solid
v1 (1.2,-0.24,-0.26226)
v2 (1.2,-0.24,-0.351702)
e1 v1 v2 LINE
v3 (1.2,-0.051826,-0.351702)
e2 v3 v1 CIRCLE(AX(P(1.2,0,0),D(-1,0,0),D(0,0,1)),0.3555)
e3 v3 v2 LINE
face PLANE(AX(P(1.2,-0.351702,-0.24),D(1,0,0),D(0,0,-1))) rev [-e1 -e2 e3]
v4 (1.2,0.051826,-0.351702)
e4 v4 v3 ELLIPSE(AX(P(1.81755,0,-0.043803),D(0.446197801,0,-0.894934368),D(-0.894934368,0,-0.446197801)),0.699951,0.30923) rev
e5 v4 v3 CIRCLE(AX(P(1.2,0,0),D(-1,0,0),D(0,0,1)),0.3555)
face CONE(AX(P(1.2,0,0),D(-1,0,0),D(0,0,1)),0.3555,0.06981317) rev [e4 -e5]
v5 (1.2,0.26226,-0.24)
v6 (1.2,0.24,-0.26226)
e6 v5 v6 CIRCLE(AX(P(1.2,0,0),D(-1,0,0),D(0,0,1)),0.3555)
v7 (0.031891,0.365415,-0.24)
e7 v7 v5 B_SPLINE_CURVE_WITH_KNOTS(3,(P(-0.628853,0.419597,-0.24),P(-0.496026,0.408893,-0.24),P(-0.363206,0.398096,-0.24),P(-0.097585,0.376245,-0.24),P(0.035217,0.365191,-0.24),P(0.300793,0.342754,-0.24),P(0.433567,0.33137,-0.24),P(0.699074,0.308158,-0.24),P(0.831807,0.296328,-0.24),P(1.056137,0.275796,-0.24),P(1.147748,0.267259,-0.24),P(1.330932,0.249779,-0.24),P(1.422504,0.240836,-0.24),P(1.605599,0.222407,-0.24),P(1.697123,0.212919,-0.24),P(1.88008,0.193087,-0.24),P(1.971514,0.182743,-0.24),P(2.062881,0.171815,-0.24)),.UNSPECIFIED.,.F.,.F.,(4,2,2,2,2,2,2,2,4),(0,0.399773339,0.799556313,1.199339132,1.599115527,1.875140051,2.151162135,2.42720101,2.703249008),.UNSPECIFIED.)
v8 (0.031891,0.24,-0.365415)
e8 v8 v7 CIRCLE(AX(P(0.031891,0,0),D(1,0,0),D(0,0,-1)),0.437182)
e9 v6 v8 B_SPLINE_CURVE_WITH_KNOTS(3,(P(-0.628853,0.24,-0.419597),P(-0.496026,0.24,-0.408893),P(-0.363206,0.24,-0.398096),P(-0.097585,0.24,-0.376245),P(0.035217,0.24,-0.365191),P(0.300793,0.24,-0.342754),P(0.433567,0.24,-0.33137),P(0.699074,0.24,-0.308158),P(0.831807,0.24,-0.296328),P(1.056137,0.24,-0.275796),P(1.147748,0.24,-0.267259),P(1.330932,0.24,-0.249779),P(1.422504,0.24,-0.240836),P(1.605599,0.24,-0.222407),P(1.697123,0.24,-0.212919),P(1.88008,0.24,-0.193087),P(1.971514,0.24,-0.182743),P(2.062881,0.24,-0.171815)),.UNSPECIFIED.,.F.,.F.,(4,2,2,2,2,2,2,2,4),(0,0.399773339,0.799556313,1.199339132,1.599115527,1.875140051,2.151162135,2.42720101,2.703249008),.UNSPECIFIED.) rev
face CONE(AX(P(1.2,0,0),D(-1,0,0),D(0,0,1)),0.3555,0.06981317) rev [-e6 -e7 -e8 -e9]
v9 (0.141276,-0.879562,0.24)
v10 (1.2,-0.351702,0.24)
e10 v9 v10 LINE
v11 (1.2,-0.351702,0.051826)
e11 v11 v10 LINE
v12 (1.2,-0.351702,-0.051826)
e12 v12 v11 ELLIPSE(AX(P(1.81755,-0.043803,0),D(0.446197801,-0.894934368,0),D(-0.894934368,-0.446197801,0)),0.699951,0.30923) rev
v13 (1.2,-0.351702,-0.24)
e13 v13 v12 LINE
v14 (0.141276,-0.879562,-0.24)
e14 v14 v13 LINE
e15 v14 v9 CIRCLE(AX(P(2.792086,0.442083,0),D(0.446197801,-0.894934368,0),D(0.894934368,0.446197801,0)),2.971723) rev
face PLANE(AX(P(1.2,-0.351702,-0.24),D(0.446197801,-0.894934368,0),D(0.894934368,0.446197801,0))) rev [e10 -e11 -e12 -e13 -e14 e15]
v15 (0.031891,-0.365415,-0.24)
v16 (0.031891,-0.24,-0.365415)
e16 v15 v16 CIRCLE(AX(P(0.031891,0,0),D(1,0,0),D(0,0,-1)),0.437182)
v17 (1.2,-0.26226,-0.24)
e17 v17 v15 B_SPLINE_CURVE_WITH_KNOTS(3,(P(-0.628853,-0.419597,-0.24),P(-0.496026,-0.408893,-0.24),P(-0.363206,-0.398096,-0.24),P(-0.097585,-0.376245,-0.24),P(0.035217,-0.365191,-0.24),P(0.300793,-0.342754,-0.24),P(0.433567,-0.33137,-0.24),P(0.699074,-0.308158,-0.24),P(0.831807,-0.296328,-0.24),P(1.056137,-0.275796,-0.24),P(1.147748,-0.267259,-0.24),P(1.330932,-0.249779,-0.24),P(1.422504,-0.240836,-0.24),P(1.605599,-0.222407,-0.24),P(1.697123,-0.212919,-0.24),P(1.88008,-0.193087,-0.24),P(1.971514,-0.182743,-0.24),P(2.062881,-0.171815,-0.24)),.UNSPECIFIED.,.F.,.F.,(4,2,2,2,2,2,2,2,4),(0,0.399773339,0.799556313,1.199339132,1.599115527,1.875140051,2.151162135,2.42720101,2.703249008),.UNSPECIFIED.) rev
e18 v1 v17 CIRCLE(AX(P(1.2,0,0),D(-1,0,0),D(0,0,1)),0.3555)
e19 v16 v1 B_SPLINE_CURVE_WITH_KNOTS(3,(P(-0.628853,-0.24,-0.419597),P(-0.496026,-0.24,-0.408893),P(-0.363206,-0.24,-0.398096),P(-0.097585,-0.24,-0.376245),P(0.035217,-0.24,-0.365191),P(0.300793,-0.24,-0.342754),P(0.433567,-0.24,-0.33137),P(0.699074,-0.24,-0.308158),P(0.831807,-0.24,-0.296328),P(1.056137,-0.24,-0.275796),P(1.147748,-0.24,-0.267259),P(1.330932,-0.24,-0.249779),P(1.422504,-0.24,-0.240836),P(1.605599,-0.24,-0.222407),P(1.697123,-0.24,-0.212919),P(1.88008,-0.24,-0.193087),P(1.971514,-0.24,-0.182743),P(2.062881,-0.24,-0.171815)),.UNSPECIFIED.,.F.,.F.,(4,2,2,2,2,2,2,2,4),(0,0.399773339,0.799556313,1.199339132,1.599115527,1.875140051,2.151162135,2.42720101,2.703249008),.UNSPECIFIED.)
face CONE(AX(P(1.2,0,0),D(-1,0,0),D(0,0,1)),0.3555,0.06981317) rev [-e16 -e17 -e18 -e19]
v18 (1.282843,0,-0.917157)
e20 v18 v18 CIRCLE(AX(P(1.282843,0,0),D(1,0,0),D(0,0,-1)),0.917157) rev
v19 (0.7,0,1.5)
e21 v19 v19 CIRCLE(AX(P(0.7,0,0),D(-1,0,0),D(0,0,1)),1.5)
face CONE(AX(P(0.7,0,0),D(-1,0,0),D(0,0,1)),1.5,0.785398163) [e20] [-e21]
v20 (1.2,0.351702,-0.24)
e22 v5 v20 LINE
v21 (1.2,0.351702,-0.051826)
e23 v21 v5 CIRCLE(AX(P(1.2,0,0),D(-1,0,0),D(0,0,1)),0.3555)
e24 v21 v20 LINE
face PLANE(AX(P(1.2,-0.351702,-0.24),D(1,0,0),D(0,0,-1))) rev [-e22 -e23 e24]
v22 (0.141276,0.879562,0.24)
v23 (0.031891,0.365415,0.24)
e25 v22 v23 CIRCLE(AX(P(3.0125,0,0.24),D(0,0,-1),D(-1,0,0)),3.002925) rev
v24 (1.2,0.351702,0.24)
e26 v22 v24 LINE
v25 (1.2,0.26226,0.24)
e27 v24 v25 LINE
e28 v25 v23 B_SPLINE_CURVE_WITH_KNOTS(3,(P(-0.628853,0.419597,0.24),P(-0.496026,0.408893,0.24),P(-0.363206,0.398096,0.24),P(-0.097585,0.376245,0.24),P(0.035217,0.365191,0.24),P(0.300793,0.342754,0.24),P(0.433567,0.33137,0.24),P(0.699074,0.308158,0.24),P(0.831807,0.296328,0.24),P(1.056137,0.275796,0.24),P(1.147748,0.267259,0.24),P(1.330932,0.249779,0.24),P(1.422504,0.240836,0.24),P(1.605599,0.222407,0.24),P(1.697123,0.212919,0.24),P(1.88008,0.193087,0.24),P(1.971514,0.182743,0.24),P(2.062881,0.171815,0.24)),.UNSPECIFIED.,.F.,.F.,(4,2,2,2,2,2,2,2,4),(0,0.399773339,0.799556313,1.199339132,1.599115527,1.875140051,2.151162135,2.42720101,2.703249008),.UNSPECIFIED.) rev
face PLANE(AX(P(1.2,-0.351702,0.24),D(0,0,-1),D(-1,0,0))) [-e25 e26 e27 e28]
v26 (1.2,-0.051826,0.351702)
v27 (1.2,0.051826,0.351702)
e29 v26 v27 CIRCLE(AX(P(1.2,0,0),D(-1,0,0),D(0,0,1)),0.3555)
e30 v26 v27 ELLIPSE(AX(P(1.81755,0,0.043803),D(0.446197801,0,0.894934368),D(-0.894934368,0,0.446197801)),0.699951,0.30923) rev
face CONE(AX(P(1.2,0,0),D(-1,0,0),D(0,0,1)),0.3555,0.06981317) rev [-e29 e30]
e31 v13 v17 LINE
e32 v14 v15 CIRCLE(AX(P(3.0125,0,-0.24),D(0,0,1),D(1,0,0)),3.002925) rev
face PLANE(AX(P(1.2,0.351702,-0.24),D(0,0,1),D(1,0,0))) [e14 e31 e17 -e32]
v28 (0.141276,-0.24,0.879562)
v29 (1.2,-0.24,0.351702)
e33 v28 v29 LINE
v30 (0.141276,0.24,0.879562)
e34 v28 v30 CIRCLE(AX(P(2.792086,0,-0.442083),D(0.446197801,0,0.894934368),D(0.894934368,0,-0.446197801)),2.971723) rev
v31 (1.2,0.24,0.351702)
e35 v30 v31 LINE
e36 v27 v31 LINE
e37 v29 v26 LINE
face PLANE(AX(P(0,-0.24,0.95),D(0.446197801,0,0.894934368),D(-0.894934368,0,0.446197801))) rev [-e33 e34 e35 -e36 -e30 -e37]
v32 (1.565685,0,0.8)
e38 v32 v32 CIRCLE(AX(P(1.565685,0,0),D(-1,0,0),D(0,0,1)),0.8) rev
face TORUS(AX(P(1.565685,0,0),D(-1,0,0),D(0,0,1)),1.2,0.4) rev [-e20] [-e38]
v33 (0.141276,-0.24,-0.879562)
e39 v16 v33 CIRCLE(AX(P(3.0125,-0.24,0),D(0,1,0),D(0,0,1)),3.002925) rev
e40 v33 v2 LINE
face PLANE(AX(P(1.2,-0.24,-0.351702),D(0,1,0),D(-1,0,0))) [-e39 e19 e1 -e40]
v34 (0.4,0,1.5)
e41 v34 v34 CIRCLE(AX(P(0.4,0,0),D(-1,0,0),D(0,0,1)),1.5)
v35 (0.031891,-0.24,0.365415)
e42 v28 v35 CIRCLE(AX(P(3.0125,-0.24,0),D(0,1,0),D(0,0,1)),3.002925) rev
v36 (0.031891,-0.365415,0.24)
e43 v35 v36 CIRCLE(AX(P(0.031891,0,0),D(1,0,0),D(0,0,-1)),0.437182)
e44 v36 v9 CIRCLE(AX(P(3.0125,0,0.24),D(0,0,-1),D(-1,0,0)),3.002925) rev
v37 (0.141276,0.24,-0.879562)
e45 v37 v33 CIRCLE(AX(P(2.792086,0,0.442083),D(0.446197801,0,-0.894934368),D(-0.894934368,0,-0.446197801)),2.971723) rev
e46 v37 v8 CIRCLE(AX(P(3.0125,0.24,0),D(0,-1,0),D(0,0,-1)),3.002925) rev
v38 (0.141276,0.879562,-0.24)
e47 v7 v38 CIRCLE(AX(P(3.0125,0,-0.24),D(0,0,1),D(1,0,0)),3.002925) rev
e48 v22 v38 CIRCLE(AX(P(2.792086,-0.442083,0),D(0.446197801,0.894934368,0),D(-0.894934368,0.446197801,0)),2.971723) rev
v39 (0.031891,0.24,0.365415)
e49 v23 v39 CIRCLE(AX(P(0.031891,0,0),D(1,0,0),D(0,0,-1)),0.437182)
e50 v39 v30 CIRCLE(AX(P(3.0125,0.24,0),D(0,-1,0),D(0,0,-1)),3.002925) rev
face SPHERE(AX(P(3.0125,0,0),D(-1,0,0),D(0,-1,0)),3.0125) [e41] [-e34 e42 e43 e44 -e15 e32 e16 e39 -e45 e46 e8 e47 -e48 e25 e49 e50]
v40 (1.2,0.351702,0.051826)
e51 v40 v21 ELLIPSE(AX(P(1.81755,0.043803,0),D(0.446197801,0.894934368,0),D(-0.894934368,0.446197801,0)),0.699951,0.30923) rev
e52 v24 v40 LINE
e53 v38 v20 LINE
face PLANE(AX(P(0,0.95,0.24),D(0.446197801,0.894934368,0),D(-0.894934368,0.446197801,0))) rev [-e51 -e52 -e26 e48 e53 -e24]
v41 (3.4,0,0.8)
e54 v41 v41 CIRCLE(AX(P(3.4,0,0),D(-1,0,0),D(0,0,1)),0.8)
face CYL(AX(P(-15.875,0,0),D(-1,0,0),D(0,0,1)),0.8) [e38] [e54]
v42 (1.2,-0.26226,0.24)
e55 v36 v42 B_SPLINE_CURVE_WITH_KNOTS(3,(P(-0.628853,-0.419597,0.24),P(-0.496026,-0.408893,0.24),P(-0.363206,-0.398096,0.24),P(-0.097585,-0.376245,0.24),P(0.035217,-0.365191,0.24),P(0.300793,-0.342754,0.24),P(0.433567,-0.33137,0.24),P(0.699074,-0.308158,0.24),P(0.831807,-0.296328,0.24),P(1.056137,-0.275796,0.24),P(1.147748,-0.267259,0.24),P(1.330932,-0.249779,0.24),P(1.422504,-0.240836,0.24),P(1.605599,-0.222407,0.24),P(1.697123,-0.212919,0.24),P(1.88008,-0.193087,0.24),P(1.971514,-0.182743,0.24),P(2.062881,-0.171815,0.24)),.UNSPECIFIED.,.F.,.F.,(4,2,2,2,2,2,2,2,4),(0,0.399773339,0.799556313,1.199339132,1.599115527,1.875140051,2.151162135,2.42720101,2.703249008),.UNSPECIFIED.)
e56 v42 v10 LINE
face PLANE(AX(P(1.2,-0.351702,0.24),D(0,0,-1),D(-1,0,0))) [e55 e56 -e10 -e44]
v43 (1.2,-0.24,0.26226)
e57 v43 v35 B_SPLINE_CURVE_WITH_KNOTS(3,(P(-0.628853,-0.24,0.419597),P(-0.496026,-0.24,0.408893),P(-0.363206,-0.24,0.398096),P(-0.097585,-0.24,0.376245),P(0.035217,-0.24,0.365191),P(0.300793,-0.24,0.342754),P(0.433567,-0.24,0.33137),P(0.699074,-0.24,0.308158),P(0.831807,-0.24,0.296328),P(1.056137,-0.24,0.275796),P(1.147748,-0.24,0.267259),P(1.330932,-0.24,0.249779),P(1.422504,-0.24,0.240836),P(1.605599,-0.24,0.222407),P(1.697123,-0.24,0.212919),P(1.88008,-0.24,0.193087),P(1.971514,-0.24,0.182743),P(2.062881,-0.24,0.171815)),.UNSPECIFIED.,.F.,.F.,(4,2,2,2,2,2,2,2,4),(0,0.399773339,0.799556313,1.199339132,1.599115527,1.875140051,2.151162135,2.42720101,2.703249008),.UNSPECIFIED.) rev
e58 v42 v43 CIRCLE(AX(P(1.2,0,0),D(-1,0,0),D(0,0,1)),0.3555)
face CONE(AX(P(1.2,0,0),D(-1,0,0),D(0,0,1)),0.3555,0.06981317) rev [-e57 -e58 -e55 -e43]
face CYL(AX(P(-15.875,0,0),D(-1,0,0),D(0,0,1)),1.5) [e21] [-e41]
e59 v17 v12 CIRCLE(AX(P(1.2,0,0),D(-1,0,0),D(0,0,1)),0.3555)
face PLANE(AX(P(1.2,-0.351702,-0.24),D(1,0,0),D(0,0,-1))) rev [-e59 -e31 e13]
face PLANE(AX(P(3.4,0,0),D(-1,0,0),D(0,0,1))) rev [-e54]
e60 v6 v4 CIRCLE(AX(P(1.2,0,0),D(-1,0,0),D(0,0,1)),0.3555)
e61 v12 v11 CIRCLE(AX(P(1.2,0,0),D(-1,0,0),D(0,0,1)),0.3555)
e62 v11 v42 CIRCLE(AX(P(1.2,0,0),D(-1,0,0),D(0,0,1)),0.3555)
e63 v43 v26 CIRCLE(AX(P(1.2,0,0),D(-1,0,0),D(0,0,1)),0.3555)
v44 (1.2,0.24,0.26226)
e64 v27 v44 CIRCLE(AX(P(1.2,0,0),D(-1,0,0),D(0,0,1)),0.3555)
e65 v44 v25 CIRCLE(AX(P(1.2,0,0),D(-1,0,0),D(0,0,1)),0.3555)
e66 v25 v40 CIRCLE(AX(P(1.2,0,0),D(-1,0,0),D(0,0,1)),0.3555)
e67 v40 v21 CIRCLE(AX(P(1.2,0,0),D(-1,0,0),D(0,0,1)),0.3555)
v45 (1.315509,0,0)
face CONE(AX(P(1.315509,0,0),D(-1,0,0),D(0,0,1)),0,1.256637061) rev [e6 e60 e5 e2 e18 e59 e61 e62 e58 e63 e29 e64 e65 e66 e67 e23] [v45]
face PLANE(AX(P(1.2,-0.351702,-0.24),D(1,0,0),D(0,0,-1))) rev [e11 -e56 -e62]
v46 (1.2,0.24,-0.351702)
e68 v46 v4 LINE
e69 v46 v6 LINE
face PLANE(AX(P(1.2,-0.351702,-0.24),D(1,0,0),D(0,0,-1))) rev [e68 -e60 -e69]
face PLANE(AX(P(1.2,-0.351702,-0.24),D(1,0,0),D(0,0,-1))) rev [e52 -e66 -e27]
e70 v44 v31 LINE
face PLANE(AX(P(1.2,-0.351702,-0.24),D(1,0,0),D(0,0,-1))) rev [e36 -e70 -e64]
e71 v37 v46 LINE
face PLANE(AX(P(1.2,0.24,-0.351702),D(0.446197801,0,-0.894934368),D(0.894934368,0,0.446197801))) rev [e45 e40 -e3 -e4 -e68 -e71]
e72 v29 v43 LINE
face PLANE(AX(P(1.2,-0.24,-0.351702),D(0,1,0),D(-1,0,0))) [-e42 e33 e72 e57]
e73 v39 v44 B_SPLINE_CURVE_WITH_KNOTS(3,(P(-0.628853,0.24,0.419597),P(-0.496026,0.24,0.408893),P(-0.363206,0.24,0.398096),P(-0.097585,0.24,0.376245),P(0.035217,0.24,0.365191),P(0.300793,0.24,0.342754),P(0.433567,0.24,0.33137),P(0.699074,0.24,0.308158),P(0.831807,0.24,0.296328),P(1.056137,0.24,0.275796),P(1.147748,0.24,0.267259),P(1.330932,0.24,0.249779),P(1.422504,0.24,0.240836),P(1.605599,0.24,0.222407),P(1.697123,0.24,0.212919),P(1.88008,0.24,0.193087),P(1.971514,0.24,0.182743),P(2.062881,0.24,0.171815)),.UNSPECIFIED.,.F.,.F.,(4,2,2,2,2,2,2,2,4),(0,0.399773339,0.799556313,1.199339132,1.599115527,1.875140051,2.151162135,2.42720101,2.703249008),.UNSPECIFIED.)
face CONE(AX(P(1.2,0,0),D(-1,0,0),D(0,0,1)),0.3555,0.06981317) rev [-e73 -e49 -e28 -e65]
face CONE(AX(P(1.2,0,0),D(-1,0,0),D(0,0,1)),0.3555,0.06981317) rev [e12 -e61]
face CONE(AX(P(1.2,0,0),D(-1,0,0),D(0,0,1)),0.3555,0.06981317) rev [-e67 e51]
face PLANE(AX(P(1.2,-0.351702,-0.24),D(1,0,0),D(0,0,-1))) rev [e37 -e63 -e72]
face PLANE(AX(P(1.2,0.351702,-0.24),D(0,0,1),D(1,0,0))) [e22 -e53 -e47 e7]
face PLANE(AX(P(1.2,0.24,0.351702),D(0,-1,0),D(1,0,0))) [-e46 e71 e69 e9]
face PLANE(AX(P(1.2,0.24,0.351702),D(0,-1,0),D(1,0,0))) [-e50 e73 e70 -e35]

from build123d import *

# Parameters (mm, degrees)
FILLET1_R    = 0.4
SKETCH3_W    = 0.48
SKETCH3_H    = 1.9
SKETCH4_W    = 0.48
SKETCH4_H    = 0.703404182
RECPAT_COUNT = 2
RECPAT_ANGLE = 90


with BuildPart() as part:
    # BodySke → Base-Revolve (revolve)
    with BuildSketch(Plane.XY):
        with BuildLine():
            Line((0, 0), (3.4, 0))
            Line((3.4, 0), (3.4, 0.8))
            Line((3.4, 0.8), (1.4, 0.8))
            Line((1.4, 0.8), (0.7, 1.5))
            Line((0.7, 1.5), (0.4, 1.5))
            ThreePointArc((0.4, 1.5), (0.101717244, 0.776208735), (0, 0))
        make_face()
    revolve(axis=Axis((-15.875, 0, 0), (1, 0, 0)))

    # Fillet1
    fillet1_edges = [part.edges().sort_by_distance(p)[0] for p in [
        (1.4, -0.8, 0),
    ]]
    fillet(fillet1_edges, radius=FILLET1_R)

    # Sketch3 → Recess section 0
    with BuildSketch(Plane(origin=(0, 0, 0), x_dir=(0, 0, -1), z_dir=(1, 0, 0))):
        Rectangle(SKETCH3_W, SKETCH3_H)
    # Sketch4 → Recess section 1
    with BuildSketch(Plane(origin=(1.2, 0, 0), x_dir=(0, 0, -1), z_dir=(1, 0, 0))):
        Rectangle(SKETCH4_W, SKETCH4_H)
    recess = loft(mode=Mode.SUBTRACT)

    # RecPat: Recess ×2 about axis
    recpat_axis = Axis((0, 0, 0), (1, 0, 0))
    for i in range(1, RECPAT_COUNT):
        add(recess.rotate(recpat_axis, i * RECPAT_ANGLE / (RECPAT_COUNT - 1)), mode=Mode.SUBTRACT)

    # RecCorSke → RecessCore (revolve, cut)
    with BuildSketch(Plane.XY):
        Polygon((0, 0), (0, 0.439412174), (1.2, 0.3555), (1.315508952, 0), align=None)
    revolve(axis=Axis((-3.175, 0, 0), (1, 0, 0)), mode=Mode.SUBTRACT)


solid = part.part
